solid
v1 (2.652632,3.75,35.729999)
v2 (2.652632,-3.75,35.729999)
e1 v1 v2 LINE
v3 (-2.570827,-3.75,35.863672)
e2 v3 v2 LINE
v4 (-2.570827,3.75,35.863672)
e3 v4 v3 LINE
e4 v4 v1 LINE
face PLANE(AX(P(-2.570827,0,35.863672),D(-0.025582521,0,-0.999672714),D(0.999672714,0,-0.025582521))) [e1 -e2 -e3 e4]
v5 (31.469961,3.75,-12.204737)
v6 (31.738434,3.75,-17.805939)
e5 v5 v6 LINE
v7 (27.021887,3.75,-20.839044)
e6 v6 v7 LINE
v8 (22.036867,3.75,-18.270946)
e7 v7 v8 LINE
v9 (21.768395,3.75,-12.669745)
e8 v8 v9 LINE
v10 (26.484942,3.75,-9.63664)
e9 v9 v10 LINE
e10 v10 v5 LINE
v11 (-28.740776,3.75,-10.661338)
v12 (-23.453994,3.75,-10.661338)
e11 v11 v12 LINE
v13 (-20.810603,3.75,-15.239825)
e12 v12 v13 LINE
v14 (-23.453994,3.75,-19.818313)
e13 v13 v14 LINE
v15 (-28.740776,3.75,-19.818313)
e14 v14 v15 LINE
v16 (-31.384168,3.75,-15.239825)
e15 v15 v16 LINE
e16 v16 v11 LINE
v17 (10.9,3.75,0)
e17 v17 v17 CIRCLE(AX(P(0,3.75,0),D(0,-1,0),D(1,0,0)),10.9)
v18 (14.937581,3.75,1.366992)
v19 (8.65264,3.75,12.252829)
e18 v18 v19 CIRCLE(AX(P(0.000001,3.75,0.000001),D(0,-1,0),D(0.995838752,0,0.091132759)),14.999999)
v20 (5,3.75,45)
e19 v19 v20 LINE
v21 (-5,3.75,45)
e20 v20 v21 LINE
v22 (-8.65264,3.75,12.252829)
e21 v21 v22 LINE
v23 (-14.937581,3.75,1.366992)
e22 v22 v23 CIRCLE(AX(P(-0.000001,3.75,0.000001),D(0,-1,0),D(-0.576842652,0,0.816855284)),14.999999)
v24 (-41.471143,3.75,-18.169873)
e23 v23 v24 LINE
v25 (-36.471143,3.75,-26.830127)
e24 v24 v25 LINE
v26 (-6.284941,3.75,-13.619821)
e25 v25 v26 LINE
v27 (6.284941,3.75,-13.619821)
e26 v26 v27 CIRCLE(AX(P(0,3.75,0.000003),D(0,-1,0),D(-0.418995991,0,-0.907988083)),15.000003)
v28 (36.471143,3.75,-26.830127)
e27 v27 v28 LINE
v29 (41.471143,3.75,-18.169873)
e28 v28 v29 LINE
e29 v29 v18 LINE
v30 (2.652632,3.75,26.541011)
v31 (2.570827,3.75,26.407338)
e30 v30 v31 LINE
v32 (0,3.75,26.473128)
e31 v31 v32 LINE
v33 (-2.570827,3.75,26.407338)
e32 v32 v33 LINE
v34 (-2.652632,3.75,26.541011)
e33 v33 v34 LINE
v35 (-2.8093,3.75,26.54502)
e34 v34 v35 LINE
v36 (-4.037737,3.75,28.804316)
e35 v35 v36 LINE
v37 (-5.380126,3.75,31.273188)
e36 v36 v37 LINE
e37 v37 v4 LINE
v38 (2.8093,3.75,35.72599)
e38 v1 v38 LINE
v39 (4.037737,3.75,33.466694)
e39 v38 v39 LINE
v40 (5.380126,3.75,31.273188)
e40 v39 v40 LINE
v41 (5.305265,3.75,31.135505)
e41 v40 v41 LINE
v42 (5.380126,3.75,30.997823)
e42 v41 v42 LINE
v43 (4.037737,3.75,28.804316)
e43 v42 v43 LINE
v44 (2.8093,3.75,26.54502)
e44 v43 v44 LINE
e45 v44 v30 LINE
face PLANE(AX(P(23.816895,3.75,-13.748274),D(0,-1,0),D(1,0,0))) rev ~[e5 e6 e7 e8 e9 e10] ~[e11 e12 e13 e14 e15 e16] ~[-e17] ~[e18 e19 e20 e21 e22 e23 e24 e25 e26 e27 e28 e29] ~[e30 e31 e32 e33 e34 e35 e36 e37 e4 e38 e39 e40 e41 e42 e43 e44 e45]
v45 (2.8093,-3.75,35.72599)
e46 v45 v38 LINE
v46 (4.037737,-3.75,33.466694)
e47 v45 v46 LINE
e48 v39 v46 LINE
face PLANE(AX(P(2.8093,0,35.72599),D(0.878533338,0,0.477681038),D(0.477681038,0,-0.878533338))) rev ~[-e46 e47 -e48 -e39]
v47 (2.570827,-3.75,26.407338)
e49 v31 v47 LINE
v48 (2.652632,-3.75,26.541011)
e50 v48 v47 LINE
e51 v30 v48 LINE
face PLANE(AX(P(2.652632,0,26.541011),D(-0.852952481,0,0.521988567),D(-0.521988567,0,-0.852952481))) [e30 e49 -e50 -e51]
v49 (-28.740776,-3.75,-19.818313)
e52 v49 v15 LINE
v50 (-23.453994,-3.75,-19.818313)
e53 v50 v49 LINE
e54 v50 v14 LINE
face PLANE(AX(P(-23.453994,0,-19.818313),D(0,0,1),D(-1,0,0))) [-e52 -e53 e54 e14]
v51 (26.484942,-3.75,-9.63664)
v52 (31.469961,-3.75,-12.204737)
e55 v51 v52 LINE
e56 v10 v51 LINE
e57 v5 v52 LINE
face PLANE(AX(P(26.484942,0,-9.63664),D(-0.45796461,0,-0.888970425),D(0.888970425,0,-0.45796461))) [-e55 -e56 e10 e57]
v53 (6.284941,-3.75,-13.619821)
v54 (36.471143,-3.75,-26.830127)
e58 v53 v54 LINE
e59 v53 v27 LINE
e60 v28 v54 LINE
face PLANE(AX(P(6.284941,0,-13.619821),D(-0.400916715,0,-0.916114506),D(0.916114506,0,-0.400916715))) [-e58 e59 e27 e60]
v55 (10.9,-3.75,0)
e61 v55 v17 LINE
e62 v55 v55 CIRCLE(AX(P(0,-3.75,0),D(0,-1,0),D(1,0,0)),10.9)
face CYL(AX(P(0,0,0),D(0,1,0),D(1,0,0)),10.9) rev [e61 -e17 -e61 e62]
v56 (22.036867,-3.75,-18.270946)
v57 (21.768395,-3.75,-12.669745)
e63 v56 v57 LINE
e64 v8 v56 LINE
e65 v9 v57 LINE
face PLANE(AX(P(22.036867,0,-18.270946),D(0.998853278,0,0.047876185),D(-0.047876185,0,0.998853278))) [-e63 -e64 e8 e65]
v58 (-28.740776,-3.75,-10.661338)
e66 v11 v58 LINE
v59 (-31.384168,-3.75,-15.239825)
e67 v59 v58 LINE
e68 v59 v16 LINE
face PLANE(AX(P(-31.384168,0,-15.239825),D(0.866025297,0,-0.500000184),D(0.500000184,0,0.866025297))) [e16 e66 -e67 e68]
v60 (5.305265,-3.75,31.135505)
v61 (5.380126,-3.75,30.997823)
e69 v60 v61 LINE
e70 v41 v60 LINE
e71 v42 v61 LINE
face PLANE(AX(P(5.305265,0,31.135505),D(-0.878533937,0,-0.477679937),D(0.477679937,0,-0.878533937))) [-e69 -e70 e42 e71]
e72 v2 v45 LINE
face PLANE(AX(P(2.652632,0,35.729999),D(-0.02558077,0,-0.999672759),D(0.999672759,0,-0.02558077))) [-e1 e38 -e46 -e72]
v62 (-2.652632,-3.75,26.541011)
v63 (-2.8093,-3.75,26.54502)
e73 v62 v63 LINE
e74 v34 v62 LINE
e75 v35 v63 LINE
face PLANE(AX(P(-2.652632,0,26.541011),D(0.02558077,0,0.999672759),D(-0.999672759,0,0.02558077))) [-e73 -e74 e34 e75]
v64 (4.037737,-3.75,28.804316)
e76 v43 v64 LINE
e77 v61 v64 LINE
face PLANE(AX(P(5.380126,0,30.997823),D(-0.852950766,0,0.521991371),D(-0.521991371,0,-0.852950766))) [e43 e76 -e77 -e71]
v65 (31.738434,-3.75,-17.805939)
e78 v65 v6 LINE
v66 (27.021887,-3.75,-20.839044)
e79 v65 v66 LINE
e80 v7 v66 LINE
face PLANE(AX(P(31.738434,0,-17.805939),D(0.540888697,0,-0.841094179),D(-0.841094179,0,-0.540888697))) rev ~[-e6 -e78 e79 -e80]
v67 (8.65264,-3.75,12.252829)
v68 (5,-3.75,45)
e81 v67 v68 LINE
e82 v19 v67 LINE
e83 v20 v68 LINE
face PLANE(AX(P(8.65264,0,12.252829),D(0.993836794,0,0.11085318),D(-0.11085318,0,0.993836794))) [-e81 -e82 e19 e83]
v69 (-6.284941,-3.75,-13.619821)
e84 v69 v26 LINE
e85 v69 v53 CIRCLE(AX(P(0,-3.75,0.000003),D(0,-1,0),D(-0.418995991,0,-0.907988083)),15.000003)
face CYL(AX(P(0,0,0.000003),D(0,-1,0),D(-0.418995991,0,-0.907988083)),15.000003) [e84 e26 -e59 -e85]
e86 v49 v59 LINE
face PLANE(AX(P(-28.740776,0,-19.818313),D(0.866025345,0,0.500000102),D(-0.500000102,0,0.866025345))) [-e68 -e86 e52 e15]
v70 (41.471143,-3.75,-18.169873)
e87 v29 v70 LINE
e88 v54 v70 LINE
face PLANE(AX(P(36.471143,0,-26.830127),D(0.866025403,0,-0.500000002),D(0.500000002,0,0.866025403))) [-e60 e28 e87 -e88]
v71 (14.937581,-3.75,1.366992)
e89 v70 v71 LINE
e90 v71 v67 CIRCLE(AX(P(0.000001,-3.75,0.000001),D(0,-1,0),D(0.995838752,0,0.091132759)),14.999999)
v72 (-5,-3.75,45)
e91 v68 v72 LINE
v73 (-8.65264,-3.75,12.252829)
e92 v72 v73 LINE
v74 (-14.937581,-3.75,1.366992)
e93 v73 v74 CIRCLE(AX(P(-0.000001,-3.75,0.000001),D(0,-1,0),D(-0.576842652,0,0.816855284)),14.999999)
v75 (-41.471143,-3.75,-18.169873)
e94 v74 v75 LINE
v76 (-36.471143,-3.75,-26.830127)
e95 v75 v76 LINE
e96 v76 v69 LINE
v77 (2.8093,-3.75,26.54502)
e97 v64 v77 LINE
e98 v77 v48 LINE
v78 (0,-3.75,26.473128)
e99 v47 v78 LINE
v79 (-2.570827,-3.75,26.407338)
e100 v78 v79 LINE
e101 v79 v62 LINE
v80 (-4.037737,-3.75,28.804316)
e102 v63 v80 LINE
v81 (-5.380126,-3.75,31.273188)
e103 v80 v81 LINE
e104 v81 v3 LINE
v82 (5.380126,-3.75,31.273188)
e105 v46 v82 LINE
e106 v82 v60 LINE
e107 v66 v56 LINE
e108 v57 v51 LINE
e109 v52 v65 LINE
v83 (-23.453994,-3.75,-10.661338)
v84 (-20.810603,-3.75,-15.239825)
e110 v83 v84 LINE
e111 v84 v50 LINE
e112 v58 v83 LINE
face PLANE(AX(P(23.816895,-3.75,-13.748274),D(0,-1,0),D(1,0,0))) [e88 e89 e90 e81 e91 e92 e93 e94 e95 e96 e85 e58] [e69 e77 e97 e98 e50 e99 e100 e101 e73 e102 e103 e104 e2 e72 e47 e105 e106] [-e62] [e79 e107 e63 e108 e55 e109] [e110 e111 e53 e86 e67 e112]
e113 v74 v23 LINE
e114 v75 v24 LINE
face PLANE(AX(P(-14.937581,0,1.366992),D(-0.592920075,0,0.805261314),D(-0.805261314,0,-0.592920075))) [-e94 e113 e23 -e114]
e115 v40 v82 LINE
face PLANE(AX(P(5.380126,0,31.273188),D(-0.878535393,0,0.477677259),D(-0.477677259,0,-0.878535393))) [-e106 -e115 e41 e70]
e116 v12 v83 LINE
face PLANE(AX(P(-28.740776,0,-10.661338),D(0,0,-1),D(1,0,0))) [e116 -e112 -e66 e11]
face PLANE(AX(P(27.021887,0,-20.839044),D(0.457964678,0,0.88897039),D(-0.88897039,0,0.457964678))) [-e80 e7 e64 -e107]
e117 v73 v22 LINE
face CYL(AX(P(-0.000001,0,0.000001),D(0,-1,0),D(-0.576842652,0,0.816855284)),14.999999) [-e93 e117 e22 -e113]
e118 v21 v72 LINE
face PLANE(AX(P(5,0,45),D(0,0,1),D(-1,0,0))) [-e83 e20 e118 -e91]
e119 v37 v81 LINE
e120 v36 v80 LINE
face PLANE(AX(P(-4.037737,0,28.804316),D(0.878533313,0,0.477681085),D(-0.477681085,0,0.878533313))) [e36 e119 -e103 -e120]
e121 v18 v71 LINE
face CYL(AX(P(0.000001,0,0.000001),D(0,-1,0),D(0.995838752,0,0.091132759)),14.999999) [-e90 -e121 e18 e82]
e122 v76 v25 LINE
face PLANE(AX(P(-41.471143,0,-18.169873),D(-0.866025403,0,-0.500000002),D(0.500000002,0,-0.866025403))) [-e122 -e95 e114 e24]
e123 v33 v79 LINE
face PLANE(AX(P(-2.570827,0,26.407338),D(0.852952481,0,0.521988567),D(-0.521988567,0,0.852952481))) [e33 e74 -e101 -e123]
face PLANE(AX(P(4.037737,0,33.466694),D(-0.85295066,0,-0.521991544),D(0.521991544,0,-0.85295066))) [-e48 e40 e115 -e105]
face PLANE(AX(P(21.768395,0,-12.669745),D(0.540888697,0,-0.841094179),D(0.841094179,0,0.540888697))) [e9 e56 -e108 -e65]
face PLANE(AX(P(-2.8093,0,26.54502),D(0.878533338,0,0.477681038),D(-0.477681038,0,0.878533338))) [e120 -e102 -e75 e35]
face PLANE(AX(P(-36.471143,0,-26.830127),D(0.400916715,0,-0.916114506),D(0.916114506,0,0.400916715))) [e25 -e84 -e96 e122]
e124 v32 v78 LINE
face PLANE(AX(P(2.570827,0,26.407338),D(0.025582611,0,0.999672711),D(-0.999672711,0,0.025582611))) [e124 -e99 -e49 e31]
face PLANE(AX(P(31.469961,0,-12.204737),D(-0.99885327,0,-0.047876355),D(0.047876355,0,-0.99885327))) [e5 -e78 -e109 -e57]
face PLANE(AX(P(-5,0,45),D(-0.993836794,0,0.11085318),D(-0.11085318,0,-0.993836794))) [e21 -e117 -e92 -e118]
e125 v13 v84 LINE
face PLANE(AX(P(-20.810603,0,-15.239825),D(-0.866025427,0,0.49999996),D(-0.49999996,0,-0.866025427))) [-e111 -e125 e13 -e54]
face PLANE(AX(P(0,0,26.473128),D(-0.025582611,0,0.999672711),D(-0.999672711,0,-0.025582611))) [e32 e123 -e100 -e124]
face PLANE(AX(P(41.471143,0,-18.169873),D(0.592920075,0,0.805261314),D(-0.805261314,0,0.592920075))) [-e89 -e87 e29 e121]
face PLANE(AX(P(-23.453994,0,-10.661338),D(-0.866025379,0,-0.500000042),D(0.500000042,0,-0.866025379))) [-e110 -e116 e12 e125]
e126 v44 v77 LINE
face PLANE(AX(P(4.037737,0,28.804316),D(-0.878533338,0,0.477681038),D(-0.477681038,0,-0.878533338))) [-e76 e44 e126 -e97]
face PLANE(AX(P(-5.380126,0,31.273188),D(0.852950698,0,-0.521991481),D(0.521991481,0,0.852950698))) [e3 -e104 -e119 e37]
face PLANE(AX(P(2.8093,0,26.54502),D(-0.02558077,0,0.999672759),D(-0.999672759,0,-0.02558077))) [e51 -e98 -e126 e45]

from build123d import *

# Parameters (mm, degrees)
F0_R     = 10.9
F1_DEPTH = 3.75


with BuildPart() as f1:
    # F0 (on Front) → F1 (new body, symmetric)
    with BuildSketch(Plane.XZ):
        with BuildLine():
            ThreePointArc((14.937581, 1.366992), (14.984387, 0.684208), (15, 0))
            ThreePointArc((15, 0), (12.634756, -8.084735), (6.284941, -13.619821))
            Line((6.284941, -13.619821), (36.471143, -26.830127))
            Line((36.471143, -26.830127), (38.971143, -22.5))
            Line((38.971143, -22.5), (41.471143, -18.169873))
            Line((41.471143, -18.169873), (14.937581, 1.366992))
        make_face()
        Polygon((31.738434, -17.805939), (27.021887, -20.839044), (22.036867, -18.270946), (21.768395, -12.669745), (26.484942, -9.63664), (31.469961, -12.204737), align=None, mode=Mode.SUBTRACT)
        with BuildLine():
            Line((-36.471143, -26.830127), (-6.284941, -13.619821))
            ThreePointArc((-6.284941, -13.619821), (-12.990381, -7.5), (-14.937581, 1.366992))
            Line((-14.937581, 1.366992), (-41.471143, -18.169873))
            Line((-41.471143, -18.169873), (-38.971143, -22.5))
            Line((-38.971143, -22.5), (-36.471143, -26.830127))
        make_face()
        Polygon((-31.384168, -15.239825), (-28.740776, -10.661338), (-23.453994, -10.661338), (-20.810603, -15.239825), (-23.453994, -19.818313), (-28.740776, -19.818313), align=None, mode=Mode.SUBTRACT)
        with BuildLine():
            ThreePointArc((-8.65264, 12.252829), (0, 15), (8.65264, 12.252829))
            Line((8.65264, 12.252829), (5, 45))
            Line((5, 45), (0, 45))
            Line((0, 45), (-5, 45))
            Line((-5, 45), (-8.65264, 12.252829))
        make_face()
        Polygon((4.037737, 33.466694), (5.380126, 31.273188), (5.305265, 31.135505), (5.380126, 30.997823), (4.037737, 28.804316), (2.8093, 26.54502), (2.652632, 26.541011), (2.570827, 26.407338), (0, 26.473128), (-2.570827, 26.407338), (-2.652632, 26.541011), (-2.8093, 26.54502), (-4.037737, 28.804316), (-5.380126, 31.273188), (-2.570827, 35.863672), (2.652632, 35.729999), (2.8093, 35.72599), align=None, mode=Mode.SUBTRACT)
        Circle(F0_R)
        with BuildLine():
            ThreePointArc((6.284941, -13.619821), (12.634756, -8.084735), (15, 0))
            ThreePointArc((15, 0), (14.984387, 0.684208), (14.937581, 1.366992))
            ThreePointArc((14.937581, 1.366992), (12.990381, 7.5), (8.65264, 12.252829))
            ThreePointArc((8.65264, 12.252829), (0, 15), (-8.65264, 12.252829))
            ThreePointArc((-8.65264, 12.252829), (-12.990381, 7.5), (-14.937581, 1.366992))
            ThreePointArc((-14.937581, 1.366992), (-12.990381, -7.5), (-6.284941, -13.619821))
            ThreePointArc((-6.284941, -13.619821), (0, -15), (6.284941, -13.619821))
        make_face()
        Circle(F0_R, mode=Mode.SUBTRACT)
    extrude(amount=F1_DEPTH, both=True)


solid = f1.part
